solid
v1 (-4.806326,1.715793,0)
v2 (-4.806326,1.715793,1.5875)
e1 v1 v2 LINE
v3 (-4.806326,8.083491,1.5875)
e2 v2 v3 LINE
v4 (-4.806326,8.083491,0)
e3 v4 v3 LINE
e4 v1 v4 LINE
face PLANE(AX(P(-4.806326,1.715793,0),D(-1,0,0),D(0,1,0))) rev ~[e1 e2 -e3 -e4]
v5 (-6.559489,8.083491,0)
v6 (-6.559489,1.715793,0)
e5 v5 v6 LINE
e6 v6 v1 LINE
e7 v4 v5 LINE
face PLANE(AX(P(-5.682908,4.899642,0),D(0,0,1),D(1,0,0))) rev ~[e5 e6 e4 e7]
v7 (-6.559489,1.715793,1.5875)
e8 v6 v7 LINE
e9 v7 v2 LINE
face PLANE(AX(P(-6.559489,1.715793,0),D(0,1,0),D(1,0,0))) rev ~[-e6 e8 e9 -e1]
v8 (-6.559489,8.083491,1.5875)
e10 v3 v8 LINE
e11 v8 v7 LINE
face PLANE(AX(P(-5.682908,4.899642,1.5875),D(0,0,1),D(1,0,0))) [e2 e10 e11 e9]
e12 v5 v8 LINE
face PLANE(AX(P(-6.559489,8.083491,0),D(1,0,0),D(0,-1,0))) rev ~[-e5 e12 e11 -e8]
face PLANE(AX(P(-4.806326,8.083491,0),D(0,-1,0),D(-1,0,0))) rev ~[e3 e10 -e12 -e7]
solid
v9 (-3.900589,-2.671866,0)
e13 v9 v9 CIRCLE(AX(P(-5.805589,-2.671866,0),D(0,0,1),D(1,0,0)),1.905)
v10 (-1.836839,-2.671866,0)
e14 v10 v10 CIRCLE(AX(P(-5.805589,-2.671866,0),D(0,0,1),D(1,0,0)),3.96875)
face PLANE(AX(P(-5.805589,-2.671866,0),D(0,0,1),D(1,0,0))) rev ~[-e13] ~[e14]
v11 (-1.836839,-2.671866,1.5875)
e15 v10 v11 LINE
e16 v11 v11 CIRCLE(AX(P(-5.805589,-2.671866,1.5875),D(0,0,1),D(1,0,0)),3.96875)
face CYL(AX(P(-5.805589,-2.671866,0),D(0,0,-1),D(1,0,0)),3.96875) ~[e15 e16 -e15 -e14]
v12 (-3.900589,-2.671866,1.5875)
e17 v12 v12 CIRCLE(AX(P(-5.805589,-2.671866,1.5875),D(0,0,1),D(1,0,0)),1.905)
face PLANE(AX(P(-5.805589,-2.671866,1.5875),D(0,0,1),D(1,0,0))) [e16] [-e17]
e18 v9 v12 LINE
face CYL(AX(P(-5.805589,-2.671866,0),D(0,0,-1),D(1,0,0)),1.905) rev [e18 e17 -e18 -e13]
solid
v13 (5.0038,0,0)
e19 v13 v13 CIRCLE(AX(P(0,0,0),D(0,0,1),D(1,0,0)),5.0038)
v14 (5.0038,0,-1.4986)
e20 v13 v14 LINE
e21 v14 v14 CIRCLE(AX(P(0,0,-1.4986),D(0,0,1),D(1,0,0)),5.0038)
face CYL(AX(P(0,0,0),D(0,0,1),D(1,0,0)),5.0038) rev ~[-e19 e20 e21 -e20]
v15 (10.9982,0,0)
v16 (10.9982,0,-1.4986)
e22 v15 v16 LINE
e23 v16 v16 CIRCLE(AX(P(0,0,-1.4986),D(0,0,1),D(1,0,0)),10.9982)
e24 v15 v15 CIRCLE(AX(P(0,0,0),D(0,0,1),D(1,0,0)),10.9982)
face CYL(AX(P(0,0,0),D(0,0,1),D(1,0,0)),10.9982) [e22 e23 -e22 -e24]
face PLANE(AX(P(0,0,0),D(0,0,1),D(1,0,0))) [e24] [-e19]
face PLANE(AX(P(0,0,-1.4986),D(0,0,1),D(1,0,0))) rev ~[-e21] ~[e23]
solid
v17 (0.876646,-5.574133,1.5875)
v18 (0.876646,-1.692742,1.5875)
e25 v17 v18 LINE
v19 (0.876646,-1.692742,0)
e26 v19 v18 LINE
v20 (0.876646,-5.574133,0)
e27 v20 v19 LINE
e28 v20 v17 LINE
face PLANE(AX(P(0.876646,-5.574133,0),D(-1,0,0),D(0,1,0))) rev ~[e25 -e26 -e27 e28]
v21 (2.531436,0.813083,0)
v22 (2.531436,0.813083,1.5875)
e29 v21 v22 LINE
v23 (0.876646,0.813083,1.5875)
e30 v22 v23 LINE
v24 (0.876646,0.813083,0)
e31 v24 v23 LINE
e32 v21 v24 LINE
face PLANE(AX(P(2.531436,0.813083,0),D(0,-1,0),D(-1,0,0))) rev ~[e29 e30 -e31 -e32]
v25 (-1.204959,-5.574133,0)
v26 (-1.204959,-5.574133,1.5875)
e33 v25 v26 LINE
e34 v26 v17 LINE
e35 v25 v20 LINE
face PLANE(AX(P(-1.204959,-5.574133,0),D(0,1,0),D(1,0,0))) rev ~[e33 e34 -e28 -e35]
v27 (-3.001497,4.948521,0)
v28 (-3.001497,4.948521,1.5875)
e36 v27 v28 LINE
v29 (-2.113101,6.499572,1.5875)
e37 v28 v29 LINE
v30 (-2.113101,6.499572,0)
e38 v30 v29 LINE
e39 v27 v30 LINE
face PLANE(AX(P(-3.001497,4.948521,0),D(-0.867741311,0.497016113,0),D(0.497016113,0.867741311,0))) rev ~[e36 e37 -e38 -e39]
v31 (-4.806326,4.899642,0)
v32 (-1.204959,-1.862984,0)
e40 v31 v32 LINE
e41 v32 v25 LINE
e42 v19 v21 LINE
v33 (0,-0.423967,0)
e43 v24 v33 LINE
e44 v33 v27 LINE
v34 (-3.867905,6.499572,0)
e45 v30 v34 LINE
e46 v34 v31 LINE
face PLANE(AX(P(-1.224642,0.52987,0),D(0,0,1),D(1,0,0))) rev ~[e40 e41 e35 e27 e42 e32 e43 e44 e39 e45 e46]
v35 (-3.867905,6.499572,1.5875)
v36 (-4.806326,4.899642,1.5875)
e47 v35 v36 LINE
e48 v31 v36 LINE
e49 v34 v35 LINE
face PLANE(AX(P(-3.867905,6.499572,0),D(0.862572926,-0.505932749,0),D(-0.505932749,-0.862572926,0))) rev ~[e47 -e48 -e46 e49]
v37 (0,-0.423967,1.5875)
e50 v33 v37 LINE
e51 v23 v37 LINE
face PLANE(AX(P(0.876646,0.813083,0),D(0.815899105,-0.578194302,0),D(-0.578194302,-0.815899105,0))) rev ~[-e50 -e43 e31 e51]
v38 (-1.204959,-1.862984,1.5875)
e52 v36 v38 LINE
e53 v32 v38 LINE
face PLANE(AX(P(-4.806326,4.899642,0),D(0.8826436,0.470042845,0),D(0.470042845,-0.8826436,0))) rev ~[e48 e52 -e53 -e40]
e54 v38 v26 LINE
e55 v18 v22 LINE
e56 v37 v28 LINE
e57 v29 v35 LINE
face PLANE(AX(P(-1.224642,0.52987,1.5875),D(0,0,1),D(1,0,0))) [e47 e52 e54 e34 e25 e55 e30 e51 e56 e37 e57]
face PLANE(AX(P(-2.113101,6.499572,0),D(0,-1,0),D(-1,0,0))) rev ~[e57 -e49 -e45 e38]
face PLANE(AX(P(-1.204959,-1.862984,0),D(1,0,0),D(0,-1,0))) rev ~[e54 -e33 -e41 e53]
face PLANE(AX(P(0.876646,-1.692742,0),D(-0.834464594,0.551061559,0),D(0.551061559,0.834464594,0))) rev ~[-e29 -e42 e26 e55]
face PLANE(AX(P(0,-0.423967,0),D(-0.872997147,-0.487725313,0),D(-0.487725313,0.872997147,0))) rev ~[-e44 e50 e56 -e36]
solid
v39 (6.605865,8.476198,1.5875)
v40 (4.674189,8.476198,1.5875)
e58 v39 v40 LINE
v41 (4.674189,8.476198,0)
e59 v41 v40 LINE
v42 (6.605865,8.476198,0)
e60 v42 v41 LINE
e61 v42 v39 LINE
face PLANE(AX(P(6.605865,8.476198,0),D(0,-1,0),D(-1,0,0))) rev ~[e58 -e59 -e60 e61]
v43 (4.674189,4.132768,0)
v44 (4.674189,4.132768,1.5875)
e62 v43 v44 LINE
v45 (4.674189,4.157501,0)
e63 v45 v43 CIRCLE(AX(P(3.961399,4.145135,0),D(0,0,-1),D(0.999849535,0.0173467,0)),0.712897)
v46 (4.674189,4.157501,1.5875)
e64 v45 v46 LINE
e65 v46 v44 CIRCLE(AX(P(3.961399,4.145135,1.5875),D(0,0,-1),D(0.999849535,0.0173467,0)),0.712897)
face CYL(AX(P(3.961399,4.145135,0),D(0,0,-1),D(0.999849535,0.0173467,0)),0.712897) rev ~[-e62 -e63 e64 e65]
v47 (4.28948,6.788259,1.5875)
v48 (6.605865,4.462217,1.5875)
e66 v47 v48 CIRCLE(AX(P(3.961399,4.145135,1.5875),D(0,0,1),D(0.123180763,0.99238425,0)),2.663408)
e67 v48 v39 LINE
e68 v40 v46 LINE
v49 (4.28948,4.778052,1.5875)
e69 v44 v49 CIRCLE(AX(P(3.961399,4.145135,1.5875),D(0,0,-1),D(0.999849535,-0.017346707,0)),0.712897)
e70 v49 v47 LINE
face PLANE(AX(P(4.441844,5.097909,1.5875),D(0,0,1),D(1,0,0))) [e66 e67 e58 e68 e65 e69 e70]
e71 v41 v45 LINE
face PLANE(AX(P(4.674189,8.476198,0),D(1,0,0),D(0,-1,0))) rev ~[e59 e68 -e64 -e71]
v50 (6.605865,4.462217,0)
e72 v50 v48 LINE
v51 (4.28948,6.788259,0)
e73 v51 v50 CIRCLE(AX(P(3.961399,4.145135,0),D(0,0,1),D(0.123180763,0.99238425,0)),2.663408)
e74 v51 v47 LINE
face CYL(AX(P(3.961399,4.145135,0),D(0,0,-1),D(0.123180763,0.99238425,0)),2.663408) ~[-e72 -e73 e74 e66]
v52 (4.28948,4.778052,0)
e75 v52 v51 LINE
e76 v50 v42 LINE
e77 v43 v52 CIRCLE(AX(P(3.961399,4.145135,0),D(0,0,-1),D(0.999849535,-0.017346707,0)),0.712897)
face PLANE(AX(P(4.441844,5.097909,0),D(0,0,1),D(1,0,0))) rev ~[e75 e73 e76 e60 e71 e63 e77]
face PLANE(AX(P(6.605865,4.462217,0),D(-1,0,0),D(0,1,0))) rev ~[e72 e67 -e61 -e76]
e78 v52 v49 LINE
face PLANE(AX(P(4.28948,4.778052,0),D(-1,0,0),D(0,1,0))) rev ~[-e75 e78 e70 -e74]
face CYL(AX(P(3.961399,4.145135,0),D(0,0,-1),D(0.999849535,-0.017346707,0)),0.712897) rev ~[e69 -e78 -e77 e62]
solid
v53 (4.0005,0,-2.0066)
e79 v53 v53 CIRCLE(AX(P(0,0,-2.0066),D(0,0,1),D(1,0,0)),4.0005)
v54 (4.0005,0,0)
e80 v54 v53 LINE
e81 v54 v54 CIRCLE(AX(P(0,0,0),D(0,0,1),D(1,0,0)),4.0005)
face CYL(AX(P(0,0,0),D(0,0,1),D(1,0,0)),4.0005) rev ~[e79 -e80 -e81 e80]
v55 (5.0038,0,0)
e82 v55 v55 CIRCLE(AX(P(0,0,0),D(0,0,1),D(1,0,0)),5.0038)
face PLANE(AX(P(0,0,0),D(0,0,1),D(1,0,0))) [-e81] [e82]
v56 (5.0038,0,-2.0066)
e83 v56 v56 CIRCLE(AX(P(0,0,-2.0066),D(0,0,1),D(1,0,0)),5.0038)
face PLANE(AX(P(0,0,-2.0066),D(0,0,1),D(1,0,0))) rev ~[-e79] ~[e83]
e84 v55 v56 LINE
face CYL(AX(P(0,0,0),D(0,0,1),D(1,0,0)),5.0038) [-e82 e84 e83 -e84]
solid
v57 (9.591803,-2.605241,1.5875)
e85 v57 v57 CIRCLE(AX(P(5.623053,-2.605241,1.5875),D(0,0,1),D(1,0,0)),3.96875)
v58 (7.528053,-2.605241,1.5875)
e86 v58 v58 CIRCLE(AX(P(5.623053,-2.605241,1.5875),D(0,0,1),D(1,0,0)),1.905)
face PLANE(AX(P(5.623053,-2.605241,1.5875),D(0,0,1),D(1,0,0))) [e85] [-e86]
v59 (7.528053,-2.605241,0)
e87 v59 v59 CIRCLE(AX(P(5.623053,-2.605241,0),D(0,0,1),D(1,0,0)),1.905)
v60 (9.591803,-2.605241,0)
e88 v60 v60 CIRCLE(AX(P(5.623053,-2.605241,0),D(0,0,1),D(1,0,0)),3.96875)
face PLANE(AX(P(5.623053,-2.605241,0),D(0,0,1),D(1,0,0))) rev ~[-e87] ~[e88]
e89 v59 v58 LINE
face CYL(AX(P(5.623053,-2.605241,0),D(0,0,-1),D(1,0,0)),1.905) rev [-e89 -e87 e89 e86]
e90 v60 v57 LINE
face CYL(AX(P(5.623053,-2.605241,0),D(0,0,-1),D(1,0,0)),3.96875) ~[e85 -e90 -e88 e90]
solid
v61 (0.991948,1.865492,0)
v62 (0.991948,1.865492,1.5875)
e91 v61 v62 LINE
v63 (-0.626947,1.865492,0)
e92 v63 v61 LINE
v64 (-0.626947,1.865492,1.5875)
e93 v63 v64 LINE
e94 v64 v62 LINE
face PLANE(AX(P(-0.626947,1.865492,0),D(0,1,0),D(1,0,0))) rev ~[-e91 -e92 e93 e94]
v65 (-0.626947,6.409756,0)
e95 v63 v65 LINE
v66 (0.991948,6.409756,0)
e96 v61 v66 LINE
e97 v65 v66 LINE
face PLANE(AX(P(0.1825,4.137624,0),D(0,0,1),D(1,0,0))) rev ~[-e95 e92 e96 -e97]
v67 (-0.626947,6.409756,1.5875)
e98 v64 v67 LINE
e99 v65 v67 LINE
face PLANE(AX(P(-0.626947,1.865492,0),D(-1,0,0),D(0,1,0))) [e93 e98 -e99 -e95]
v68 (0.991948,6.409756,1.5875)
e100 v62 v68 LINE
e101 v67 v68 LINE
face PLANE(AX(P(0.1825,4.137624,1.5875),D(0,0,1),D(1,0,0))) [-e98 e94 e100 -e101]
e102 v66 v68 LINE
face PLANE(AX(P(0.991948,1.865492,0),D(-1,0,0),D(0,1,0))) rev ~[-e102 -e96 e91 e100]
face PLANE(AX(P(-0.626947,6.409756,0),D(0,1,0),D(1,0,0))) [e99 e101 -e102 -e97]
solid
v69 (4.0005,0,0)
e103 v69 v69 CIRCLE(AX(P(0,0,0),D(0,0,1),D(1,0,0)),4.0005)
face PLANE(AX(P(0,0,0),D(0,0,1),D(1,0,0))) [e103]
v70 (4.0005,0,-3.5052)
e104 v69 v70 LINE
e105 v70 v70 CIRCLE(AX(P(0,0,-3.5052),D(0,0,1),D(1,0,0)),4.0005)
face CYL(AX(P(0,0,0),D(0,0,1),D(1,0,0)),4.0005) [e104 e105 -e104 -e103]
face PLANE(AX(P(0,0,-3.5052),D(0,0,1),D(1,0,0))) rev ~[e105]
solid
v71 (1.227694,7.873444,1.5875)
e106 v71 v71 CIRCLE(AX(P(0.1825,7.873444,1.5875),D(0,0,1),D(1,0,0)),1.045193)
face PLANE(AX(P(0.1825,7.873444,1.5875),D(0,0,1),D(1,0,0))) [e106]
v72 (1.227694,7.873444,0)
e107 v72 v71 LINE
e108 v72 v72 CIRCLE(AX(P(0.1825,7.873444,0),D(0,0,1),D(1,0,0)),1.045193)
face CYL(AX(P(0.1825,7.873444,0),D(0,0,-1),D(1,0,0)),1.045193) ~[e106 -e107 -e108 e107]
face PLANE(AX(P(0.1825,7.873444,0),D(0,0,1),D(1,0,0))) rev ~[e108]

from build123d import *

# Parameters (mm, degrees)
F0_R     = 10.9982
F0_R_2   = 5.0038
F1_DEPTH = 1.4986
F0_R_3   = 4.0005
F2_DEPTH = 2.0066
F3_DEPTH = 3.5052
F5_DEPTH = 1.27
F4_W     = 1.2951166562
F4_H     = 3.6354111349
F4_R     = 0.8361544211
F4_R_2   = 3.175
F4_R_3   = 1.524
F6_SCALE = 1.25


with BuildPart() as f1:
    # F0 (on Top) → F1 (new body)
    with BuildSketch(Plane.XY):
        Circle(F0_R)
        Circle(F0_R_2, mode=Mode.SUBTRACT)
    extrude(amount=-F1_DEPTH)


with BuildPart() as f2:
    # F0 (on Top) → F2 (new body)
    with BuildSketch(Plane.XY):
        Circle(F0_R_2)
        Circle(F0_R_3, mode=Mode.SUBTRACT)
    extrude(amount=-F2_DEPTH)


with BuildPart() as f3:
    # F0 (on Top) → F3 (new body)
    with BuildSketch(Plane.XY):
        Circle(F0_R_3)
    extrude(amount=-F3_DEPTH)


with BuildPart() as f5:
    # F4 (on Top) → F5 (new body)
    with BuildSketch(Plane.XY):
        Polygon((-0.9639669859, -1.4903870741), (-0.9639669859, -4.4593061392), (0.7013171111, -4.4593061392), (0.7013171111, -1.3541933216), (2.0251488681, 0.6504660684), (0.7013171111, 0.6504660684), (0, -0.3391735764), (-2.401197562, 3.9588166401), (-1.6904811083, 5.1996577531), (-3.0943236873, 5.1996577531), (-3.8450609427, 3.9197136648), align=None)
    extrude(amount=F5_DEPTH)


with BuildPart() as f5b:
    # F4 (on Top) → F5, piece 2 (new body)
    with BuildSketch(Plane.XY):
        Polygon((-3.8450609427, 1.3726343814), (-3.8450609427, 3.9197136648), (-3.8450609427, 6.4667929482), (-5.2475911869, 6.4667929482), (-5.2475911869, 1.3726343814), align=None)
    extrude(amount=F5_DEPTH)


with BuildPart() as f5c:
    # F4 (on Top) → F5, piece 3 (new body)
    with BuildSketch(Plane.XY):
        with Locations((0.1460003935, 3.3100993147)):
            Rectangle(F4_W, F4_H)
    extrude(amount=F5_DEPTH)


with BuildPart() as f5d:
    # F4 (on Top) → F5, piece 4 (new body)
    with BuildSketch(Plane.XY):
        with Locations((0.1460003935, 6.2987548299)):
            Circle(F4_R)
    extrude(amount=F5_DEPTH)


with BuildPart() as f5e:
    # F4 (on Top) → F5, piece 5 (new body)
    with BuildSketch(Plane.XY):
        with Locations((-4.644471146, -2.1374930238)):
            Circle(F4_R_2)
        with Locations((-4.644471146, -2.1374930238)):
            Circle(F4_R_3, mode=Mode.SUBTRACT)
    extrude(amount=F5_DEPTH)


with BuildPart() as f5f:
    # F4 (on Top) → F5, piece 6 (new body)
    with BuildSketch(Plane.XY):
        with Locations((4.4984421693, -2.0841928199)):
            Circle(F4_R_2)
        with Locations((4.4984421693, -2.0841928199)):
            Circle(F4_R_3, mode=Mode.SUBTRACT)
    extrude(amount=F5_DEPTH)


with BuildPart() as f5g:
    # F4 (on Top) → F5, piece 7 (new body)
    with BuildSketch(Plane.XY):
        with BuildLine():
            Line((3.4315840051, 3.822441707), (3.4315840051, 5.4306069392))
            ThreePointArc((3.4315840051, 5.4306069392), (1.6593378456, 1.8125938265), (5.2846923269, 3.5697734468))
            Line((5.2846923269, 3.5697734468), (5.2846923269, 6.7809580791))
            Line((5.2846923269, 6.7809580791), (3.7393509245, 6.7809580791))
            Line((3.7393509245, 6.7809580791), (3.7393509245, 5.3691130042))
            Line((3.7393509245, 5.3691130042), (3.7393509245, 3.3260008253))
            ThreePointArc((3.7393509245, 3.3260008253), (3.7394367375, 3.3161076992), (3.7393509245, 3.3062145731))
            ThreePointArc((3.7393509245, 3.3062145731), (2.6792539887, 3.0240571788), (3.4315840051, 3.822441707))
        make_face()
    extrude(amount=F5_DEPTH)


with BuildPart() as f5b_1:
    # F6: moved
    add(f5b.part.scale(F6_SCALE))


with BuildPart() as f5_1:
    # F6: moved
    add(f5.part.scale(F6_SCALE))


with BuildPart() as f5c_1:
    # F6: moved
    add(f5c.part.scale(F6_SCALE))


with BuildPart() as f5d_1:
    # F6: moved
    add(f5d.part.scale(F6_SCALE))


with BuildPart() as f5g_1:
    # F6: moved
    add(f5g.part.scale(F6_SCALE))


with BuildPart() as f5f_1:
    # F6: moved
    add(f5f.part.scale(F6_SCALE))


with BuildPart() as f5e_1:
    # F6: moved
    add(f5e.part.scale(F6_SCALE))


solid = Compound([f1.part, f2.part, f3.part, f5b_1.part, f5_1.part, f5c_1.part, f5d_1.part, f5g_1.part, f5f_1.part, f5e_1.part])
